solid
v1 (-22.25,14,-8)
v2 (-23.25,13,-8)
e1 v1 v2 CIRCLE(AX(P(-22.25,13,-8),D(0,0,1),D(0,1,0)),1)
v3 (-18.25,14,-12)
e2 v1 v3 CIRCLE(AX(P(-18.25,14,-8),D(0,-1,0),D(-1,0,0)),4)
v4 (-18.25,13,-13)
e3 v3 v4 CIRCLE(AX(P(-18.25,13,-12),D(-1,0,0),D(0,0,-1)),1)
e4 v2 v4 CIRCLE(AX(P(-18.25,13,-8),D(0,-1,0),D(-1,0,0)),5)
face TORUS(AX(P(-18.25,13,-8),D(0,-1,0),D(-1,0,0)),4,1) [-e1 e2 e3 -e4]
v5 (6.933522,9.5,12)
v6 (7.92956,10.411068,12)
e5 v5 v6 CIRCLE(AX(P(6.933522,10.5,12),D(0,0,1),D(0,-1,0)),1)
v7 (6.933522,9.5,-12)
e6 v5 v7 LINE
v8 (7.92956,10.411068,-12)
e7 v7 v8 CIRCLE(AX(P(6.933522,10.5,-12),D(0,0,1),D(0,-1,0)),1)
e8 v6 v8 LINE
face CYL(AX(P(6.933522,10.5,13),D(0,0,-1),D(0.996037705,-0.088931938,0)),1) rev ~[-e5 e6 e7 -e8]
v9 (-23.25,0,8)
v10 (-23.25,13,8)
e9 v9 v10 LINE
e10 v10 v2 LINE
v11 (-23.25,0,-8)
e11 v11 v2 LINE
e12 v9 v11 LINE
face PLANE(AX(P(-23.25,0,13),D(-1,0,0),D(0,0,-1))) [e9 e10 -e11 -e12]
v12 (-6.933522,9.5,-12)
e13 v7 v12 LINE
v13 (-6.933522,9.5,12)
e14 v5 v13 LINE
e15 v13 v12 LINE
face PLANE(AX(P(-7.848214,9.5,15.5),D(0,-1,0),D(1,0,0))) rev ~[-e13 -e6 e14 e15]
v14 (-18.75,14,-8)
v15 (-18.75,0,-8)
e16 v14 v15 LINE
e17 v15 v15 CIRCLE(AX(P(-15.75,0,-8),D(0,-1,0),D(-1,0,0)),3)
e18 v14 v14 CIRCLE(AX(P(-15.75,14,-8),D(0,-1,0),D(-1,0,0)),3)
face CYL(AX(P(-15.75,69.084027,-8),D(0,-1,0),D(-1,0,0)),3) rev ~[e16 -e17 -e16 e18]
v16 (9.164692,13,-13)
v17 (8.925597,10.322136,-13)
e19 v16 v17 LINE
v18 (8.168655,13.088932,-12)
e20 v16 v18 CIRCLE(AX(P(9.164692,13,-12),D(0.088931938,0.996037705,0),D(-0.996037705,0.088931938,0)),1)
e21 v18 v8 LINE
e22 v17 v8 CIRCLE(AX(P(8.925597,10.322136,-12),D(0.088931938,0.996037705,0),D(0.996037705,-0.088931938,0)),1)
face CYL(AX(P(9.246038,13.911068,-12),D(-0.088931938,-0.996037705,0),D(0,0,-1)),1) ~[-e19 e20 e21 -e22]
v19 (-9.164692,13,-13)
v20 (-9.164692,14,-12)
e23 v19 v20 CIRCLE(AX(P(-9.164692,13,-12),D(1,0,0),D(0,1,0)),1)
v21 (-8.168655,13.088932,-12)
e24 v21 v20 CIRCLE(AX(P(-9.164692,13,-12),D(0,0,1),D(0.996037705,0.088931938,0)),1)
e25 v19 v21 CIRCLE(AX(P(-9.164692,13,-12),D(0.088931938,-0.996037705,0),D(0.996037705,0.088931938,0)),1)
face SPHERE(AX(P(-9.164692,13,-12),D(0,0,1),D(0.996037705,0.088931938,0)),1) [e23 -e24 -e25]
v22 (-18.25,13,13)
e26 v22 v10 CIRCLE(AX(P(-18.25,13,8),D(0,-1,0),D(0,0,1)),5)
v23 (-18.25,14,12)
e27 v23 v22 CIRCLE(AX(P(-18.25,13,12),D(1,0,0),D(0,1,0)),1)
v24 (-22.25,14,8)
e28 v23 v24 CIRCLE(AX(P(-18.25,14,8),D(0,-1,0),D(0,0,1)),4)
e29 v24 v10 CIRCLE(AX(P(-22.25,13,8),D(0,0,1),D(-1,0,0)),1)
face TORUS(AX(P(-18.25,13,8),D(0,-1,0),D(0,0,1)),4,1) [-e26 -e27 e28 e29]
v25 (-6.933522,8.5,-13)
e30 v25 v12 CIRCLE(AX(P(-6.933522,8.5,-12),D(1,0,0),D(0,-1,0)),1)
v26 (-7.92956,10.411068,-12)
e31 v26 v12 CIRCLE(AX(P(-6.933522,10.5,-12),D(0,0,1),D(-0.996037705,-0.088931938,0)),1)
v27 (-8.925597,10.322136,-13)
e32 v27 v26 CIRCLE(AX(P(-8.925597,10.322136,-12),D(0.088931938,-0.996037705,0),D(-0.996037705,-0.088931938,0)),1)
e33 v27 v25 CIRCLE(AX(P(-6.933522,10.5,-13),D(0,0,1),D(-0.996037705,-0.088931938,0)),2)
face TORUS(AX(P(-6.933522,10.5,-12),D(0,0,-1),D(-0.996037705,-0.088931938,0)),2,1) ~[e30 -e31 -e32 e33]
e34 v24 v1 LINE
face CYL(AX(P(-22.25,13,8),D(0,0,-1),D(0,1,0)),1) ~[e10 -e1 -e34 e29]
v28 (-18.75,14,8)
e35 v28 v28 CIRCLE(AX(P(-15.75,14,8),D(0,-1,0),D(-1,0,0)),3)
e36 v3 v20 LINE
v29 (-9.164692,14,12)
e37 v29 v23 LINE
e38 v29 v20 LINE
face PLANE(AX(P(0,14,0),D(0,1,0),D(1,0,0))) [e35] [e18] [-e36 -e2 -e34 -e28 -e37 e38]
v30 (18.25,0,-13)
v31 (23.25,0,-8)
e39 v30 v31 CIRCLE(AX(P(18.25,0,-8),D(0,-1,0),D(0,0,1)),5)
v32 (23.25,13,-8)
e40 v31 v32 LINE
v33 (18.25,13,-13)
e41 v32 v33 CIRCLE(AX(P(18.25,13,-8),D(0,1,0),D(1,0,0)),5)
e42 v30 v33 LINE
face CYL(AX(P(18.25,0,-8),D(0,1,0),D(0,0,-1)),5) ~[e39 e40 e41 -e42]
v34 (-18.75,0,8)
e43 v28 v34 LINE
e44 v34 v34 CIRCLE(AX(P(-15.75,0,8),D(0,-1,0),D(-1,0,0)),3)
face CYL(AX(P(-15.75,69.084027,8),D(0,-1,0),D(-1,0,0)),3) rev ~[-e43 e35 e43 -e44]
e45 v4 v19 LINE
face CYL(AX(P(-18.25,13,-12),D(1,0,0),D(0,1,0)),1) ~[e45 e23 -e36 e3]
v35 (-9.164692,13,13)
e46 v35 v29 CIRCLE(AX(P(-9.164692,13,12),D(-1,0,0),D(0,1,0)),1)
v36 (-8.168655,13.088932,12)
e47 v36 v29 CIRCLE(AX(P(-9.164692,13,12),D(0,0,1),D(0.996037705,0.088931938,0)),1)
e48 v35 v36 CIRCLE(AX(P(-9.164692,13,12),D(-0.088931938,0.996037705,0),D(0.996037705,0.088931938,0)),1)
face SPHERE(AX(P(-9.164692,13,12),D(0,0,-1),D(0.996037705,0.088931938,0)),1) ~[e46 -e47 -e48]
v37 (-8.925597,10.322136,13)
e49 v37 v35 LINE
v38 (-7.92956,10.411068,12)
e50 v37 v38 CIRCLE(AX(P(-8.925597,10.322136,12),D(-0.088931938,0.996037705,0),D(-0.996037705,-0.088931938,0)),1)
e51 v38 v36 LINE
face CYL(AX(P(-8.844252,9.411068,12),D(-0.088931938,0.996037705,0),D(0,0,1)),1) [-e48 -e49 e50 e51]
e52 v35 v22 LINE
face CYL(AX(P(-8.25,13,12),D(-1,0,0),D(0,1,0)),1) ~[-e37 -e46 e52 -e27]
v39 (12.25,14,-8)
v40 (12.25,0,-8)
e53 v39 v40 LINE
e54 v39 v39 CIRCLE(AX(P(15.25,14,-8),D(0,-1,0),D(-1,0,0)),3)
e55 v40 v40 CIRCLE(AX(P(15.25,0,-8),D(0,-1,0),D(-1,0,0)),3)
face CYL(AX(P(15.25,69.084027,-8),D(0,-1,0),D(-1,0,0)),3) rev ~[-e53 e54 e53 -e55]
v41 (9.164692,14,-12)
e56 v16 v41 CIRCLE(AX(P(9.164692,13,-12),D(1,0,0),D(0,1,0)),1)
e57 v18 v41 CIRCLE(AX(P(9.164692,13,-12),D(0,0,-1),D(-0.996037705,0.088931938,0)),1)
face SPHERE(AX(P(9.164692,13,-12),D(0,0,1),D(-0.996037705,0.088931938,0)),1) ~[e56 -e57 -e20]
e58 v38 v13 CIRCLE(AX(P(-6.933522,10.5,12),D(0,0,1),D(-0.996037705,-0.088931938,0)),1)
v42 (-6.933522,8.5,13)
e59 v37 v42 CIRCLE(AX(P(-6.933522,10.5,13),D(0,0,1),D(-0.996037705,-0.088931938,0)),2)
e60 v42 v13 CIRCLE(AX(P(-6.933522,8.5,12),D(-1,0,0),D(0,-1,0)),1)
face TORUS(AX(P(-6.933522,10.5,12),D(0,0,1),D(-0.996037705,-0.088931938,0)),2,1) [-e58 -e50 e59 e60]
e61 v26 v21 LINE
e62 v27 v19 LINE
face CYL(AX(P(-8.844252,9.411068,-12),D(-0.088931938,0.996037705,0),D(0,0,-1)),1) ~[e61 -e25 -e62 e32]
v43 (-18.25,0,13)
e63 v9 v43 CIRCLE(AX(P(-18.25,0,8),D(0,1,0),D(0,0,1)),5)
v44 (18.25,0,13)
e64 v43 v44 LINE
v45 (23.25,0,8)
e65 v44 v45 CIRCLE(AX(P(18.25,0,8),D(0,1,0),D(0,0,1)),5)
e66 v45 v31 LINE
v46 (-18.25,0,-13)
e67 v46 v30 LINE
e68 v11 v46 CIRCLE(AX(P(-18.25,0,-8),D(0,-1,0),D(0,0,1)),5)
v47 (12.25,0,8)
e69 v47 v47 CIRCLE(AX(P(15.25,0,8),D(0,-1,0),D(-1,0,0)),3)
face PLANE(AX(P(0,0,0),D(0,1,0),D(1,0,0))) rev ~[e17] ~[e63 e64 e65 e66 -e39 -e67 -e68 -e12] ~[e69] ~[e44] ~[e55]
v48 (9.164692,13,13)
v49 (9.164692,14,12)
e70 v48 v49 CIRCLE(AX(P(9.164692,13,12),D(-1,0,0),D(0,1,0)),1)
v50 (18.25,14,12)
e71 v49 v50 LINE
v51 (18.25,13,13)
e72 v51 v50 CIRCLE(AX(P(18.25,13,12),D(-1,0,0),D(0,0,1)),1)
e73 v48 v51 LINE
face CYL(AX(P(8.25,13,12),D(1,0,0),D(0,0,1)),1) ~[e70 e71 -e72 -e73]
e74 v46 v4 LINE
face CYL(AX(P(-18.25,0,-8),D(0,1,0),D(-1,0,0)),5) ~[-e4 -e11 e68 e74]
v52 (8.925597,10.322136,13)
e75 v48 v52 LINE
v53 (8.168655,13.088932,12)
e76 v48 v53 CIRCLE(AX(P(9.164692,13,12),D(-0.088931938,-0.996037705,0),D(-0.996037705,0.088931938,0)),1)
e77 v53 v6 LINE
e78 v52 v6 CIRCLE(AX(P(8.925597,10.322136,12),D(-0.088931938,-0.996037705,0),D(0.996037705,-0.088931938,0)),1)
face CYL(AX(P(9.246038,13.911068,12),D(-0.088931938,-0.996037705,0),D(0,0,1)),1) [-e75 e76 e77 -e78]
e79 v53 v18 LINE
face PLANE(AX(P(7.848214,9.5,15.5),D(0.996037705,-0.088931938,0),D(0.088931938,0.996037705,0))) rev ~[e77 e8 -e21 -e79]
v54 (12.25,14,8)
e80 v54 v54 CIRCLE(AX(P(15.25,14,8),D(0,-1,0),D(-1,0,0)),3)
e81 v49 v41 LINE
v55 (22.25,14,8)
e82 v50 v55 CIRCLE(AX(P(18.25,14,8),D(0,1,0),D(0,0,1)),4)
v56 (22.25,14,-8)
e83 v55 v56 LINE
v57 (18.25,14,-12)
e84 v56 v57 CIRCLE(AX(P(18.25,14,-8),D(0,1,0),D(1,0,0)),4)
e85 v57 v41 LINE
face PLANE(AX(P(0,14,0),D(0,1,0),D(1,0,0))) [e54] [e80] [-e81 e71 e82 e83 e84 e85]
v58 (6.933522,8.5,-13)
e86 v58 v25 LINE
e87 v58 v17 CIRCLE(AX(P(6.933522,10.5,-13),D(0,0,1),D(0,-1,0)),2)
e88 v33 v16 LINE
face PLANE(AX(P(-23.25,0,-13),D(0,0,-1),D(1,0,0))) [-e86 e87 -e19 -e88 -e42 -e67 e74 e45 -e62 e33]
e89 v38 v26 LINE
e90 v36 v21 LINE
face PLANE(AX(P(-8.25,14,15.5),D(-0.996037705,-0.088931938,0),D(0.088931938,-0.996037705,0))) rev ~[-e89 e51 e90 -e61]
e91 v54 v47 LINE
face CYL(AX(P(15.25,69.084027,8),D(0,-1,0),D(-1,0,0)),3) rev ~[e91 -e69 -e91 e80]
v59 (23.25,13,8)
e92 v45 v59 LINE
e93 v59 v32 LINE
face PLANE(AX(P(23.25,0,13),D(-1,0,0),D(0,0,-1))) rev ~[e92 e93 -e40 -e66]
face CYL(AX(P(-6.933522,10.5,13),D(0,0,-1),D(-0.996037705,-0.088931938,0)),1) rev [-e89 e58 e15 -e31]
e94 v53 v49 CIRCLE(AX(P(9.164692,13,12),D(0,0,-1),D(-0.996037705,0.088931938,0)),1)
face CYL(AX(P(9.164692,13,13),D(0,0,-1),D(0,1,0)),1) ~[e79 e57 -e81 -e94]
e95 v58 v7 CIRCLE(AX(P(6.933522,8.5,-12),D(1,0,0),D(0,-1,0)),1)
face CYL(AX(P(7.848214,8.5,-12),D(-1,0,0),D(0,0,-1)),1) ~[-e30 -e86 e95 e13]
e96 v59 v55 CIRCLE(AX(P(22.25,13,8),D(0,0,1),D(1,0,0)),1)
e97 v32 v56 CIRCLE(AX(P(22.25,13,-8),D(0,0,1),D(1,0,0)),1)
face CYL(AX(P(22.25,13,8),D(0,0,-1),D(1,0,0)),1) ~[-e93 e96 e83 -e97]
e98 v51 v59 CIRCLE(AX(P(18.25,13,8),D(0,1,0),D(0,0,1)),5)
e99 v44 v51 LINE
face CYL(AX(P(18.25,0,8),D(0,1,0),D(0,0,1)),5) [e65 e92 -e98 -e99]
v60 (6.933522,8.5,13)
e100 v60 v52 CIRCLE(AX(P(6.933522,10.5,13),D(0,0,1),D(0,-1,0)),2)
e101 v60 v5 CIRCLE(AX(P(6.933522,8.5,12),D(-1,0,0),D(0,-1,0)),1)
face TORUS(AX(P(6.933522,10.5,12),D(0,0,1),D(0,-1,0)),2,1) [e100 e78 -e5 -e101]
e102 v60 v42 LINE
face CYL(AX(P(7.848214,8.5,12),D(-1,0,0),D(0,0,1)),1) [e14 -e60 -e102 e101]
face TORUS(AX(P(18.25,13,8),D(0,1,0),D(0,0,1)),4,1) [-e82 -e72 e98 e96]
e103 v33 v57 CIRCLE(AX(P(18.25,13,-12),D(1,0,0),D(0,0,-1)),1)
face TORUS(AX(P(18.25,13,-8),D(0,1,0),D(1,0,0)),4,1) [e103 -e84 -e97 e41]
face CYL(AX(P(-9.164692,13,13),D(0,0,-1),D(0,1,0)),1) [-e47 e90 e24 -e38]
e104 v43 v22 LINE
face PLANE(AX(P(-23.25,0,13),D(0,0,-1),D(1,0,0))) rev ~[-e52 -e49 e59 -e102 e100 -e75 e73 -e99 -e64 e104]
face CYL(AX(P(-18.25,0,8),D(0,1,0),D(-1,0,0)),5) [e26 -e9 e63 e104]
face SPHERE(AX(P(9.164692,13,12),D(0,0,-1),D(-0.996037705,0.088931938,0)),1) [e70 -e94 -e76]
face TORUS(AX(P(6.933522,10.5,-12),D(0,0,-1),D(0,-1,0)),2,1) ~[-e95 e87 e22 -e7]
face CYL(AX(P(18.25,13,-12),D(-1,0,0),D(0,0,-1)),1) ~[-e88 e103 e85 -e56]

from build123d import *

# Parameters (mm, degrees)
SKETCH2_W             = 46.5
SKETCH2_H             = 26
BOSS_EXTRUDE1_DEPTH   = 14
CUT_EXTRUDE1_DEPTH    = 40.354955215
FILLET1_R             = 5
FILLET2_R             = 1
F_6_0MM_DOWEL_HOLE1_D = 6


with BuildPart() as part:
    # Sketch2 → Boss-Extrude1 (new body)
    with BuildSketch(Plane(origin=(0, 0, 0), x_dir=(1, 0, 0), z_dir=(0, 1, 0))):
        Rectangle(SKETCH2_W, SKETCH2_H)
    extrude(amount=BOSS_EXTRUDE1_DEPTH)

    # Sketch5 → Cut-Extrude1 (cut, through all)
    with BuildSketch(Plane.XY.offset(15.5)):
        Polygon((-8.25, 14), (-7.848214286, 9.5), (7.848214286, 9.5), (8.25, 14), align=None)
    extrude(amount=-CUT_EXTRUDE1_DEPTH, mode=Mode.SUBTRACT)

    # Fillet1
    fillet1_edges = [part.edges().sort_by_distance(p)[0] for p in [
        (-23.25, 7, -13),
        (23.25, 7, -13),
        (23.25, 7, 13),
        (-23.25, 7, 13),
    ]]
    fillet(fillet1_edges, radius=FILLET1_R)

    # Fillet2
    fillet2_edges = [part.edges().sort_by_distance(p)[0] for p in [
        (13.25, 14, 13),
        (-13.25, 14, -13),
        (-8.25, 14, 0),
        (7.848214286, 9.5, 0),
        (0, 9.5, 13),
        (0, 9.5, -13),
        (-7.848214286, 9.5, 0),
        (-8.049107143, 11.75, 13),
        (-8.049107143, 11.75, -13),
        (8.25, 14, 0),
        (8.049107143, 11.75, 13),
        (8.049107143, 11.75, -13),
        (13.25, 14, -13),
        (23.25, 14, 0),
        (21.785533906, 14, 11.535533906),
        (21.785533906, 14, -11.535533906),
        (-13.25, 14, 13),
        (-23.25, 14, 0),
        (-21.785533906, 14, 11.535533906),
        (-21.785533906, 14, -11.535533906),
    ]]
    fillet(fillet2_edges, radius=FILLET2_R)

    # Ø6.0mm Dowel Hole1 (through all)
    with Locations(Plane(origin=(0, 14, 0), x_dir=(1, 0, 0), z_dir=(0, 1, 0))):
        with Locations((15.25, 8), (15.25, -8), (-15.75, -8), (-15.75, 8)):
            Hole(F_6_0MM_DOWEL_HOLE1_D / 2)


solid = part.part
